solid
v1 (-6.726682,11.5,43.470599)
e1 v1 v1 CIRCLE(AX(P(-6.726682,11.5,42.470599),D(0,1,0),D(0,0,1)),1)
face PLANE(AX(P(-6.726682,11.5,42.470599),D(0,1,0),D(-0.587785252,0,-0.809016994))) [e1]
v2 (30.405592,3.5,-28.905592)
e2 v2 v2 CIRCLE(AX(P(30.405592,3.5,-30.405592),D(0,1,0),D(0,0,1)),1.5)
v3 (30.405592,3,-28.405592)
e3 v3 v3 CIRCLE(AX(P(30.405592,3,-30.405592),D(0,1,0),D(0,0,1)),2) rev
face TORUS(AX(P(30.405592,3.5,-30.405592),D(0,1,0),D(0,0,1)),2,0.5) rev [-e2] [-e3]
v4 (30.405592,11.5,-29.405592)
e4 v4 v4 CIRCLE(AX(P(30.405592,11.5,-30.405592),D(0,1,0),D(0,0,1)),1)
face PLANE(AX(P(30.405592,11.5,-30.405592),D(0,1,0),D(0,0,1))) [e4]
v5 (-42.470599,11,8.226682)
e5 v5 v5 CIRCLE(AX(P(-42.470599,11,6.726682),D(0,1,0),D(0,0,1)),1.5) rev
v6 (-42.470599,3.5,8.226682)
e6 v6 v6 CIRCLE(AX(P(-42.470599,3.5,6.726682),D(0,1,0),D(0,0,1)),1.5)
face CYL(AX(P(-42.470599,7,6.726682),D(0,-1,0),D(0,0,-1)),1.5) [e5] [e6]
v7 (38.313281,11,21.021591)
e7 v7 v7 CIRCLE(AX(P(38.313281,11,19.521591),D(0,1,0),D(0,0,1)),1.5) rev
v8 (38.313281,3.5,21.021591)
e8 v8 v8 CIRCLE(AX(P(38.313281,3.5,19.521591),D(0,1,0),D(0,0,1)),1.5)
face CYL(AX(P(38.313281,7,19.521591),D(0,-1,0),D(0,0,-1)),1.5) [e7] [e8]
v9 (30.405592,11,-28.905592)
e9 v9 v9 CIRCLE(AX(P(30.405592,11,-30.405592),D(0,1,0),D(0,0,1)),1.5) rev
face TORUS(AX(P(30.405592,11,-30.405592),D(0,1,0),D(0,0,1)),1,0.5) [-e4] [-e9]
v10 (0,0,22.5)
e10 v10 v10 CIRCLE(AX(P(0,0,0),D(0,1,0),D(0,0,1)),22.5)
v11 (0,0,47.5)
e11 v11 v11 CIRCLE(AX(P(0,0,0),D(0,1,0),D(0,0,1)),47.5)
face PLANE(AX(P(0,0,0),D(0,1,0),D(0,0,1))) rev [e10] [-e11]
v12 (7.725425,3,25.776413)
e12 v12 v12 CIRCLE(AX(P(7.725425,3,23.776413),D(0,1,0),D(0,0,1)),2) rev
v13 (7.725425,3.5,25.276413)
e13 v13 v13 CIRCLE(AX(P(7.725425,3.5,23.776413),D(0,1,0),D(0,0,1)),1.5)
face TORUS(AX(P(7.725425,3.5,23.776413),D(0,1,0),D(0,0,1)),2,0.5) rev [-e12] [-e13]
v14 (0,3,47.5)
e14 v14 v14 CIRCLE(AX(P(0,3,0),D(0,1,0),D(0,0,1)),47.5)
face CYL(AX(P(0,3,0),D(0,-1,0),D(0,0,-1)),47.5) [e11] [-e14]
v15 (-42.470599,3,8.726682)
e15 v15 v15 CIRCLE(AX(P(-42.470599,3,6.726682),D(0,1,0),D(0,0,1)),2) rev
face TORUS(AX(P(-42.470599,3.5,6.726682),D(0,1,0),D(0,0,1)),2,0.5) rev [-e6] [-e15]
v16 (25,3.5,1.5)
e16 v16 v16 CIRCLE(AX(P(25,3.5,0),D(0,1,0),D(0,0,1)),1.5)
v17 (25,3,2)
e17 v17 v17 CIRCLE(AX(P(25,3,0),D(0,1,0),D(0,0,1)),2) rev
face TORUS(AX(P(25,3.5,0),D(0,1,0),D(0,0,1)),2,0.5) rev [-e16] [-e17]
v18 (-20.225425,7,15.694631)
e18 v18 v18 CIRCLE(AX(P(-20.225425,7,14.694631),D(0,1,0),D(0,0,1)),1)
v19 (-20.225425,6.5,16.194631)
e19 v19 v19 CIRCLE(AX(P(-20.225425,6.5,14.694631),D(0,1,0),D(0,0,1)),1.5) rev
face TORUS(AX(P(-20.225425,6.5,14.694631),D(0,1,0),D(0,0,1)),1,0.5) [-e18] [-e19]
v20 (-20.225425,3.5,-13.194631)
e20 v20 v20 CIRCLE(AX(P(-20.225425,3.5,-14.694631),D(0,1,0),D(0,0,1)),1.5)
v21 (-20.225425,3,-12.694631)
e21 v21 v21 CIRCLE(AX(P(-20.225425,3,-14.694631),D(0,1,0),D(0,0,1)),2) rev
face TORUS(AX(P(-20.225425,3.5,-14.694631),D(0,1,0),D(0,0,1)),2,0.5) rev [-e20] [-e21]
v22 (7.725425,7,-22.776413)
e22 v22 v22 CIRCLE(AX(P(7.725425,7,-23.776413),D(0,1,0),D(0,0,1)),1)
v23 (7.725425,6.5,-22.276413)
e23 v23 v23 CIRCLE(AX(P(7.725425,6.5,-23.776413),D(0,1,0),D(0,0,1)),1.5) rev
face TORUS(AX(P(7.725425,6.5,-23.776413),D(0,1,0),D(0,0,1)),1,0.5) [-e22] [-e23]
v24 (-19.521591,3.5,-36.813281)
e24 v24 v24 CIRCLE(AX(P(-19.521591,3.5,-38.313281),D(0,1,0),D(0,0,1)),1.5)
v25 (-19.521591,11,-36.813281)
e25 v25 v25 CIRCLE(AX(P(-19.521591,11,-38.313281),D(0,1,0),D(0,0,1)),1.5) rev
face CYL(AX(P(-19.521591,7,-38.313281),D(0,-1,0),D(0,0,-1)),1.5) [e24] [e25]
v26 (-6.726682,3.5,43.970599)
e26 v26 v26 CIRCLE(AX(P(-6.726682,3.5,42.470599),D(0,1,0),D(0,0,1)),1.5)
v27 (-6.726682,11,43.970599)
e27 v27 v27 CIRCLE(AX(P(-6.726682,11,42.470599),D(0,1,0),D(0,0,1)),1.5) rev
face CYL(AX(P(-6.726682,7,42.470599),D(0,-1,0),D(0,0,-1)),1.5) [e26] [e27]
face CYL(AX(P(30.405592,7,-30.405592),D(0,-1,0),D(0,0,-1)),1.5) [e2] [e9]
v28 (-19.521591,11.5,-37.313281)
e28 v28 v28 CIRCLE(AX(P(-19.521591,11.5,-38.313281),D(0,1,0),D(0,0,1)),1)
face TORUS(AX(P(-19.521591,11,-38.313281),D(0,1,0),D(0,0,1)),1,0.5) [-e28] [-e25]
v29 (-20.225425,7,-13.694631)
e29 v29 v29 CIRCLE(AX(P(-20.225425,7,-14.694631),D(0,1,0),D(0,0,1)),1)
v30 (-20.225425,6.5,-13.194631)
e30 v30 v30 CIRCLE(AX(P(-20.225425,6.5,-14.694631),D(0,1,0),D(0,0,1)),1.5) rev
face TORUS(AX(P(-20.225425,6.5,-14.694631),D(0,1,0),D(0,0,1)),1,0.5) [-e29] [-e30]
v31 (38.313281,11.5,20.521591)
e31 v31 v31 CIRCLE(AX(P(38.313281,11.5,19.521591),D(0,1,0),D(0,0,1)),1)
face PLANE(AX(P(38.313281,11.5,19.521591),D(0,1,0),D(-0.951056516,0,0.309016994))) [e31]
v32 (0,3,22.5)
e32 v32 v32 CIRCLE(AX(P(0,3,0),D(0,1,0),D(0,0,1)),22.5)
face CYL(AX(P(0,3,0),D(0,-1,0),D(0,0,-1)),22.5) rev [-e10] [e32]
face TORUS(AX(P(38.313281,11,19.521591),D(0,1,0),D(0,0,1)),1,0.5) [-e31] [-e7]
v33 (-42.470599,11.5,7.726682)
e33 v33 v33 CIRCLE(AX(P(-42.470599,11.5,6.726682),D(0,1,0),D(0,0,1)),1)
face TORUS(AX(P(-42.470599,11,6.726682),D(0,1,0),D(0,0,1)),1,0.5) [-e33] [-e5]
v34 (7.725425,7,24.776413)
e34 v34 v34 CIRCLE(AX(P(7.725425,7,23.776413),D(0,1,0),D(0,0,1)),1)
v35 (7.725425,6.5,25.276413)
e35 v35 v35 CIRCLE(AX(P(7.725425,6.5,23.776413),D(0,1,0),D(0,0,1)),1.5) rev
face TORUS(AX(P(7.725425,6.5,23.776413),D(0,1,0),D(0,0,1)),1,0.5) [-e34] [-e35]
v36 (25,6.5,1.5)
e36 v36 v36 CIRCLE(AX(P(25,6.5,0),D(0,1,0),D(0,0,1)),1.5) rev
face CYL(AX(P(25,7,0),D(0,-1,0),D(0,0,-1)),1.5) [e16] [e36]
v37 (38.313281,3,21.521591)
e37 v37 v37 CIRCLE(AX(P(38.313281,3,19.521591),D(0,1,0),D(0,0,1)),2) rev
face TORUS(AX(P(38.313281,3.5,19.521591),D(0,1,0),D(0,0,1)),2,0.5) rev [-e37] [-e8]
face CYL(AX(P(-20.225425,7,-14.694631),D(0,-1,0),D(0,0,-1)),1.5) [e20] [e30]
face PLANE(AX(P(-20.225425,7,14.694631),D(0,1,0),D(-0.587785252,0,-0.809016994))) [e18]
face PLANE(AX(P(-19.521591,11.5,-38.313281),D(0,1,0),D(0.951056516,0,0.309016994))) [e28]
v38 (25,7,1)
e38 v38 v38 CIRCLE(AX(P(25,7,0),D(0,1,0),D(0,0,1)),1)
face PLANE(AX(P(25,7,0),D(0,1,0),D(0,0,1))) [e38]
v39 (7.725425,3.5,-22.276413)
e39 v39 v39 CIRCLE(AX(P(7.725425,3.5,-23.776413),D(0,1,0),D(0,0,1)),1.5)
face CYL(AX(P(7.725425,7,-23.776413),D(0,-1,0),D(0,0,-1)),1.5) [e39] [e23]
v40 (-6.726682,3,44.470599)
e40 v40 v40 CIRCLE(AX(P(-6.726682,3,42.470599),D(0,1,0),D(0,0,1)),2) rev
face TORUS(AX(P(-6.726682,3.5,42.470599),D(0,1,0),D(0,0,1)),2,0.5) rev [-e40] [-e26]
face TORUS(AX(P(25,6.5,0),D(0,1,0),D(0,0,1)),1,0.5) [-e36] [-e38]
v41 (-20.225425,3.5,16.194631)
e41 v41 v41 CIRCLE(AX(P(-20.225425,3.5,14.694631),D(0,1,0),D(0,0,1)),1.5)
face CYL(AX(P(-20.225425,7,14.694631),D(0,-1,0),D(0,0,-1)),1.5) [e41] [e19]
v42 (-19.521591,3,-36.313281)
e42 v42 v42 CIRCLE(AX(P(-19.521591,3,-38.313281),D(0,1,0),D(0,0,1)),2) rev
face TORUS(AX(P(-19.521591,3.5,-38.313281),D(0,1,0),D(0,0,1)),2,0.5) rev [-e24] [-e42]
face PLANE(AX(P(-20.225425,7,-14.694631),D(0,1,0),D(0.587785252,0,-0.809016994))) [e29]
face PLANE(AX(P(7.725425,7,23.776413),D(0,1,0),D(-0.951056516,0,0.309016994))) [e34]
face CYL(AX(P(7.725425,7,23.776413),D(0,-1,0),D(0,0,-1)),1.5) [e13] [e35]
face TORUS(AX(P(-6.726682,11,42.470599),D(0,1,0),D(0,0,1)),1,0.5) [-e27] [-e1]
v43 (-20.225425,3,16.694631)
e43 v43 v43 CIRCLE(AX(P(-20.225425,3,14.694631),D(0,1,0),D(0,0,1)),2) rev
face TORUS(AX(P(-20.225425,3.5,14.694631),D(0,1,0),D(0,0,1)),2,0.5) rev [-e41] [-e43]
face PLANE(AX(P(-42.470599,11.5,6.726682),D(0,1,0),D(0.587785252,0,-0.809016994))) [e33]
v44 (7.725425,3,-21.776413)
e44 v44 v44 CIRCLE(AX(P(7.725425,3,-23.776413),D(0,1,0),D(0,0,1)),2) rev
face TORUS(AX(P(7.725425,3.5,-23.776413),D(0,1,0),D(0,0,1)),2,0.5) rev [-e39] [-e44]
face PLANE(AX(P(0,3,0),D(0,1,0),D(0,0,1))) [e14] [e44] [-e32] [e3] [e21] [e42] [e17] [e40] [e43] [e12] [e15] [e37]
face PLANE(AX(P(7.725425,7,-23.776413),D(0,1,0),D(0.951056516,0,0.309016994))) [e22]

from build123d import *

# Parameters (mm, degrees)
SKETCH1_R                = 47.5
SKETCH1_R_2              = 22.5
BOSS_EXTRUDE1_DEPTH      = 3
SKETCH2_R                = 1.5
BOSS_EXTRUDE2_DEPTH      = 4
FILLET1_R                = 0.5
SKETCH3_R                = 1.5
BOSS_EXTRUDE3_DEPTH      = 4.5
FILLET2_R                = 0.5
CIRPATTERN1_COUNT        = 5
FILLET1_OF_CIRPATTERN1_R = 0.5
FILLET2_OF_CIRPATTERN1_R = 0.5


with BuildPart() as part:
    # Sketch1 → Boss-Extrude1 (new body)
    with BuildSketch(Plane(origin=(0, 0, 0), x_dir=(1, 0, 0), z_dir=(0, 1, 0))):
        Circle(SKETCH1_R)
        Circle(SKETCH1_R_2, mode=Mode.SUBTRACT)
    extrude(amount=BOSS_EXTRUDE1_DEPTH)

    # Sketch2 → Boss-Extrude2 (add)
    with BuildSketch(Plane(origin=(0, 3, 0), x_dir=(1, 0, 0), z_dir=(0, 1, 0))):
        with Locations((25, 0)):
            Circle(SKETCH2_R)
        with Locations((30.405591591, 30.405591591)):
            Circle(SKETCH2_R)
    boss_extrude2 = extrude(amount=BOSS_EXTRUDE2_DEPTH)

    # Fillet1
    fillet1_edges = [part.edges().sort_by_distance(p)[0] for p in [
        (23.5, 3, 0),
        (23.5, 7, 0),
        (28.905591591, 3, -30.405591591),
    ]]
    fillet(fillet1_edges, radius=FILLET1_R)

    # Sketch3 → Boss-Extrude3 (add)
    with BuildSketch(Plane(origin=(0, 7, 0), x_dir=(1, 0, 0), z_dir=(0, 1, 0))):
        with Locations((30.405591591, 30.405591591)):
            Circle(SKETCH3_R)
    boss_extrude3 = extrude(amount=BOSS_EXTRUDE3_DEPTH)

    # Fillet2
    fillet2_edges = [part.edges().sort_by_distance(p)[0] for p in [
        (28.905591591, 11.5, -30.405591591),
    ]]
    fillet(fillet2_edges, radius=FILLET2_R)

    # CirPattern1: Boss-Extrude2, Boss-Extrude3 ×5 about axis
    cirpattern1_axis = Axis((0, 0, 0), (0, 1, 0))
    for i in range(1, CIRPATTERN1_COUNT):
        add(boss_extrude2.rotate(cirpattern1_axis, i * 360 / CIRPATTERN1_COUNT))
        add(boss_extrude3.rotate(cirpattern1_axis, i * 360 / CIRPATTERN1_COUNT))

    # Fillet1 of CirPattern1
    fillet1_of_cirpattern1_edges = [part.edges().sort_by_distance(p)[0] for p in [
        (7.261899368, 3, -22.349828133),
        (7.261899368, 7, -22.349828133),
        (-19.98511698, 3, -36.886695766),
        (-19.011899368, 3, -13.812953429),
        (-19.011899368, 7, -13.812953429),
        (-41.257073154, 3, 7.608359875),
        (-19.011899368, 3, 13.812953429),
        (-19.011899368, 7, 13.812953429),
        (-5.513156505, 3, 41.588920767),
        (7.261899368, 3, 22.349828133),
        (7.261899368, 7, 22.349828133),
        (37.849755049, 3, 18.095006714),
    ]]
    fillet(fillet1_of_cirpattern1_edges, radius=FILLET1_OF_CIRPATTERN1_R)

    # Fillet2 of CirPattern1
    fillet2_of_cirpattern1_edges = [part.edges().sort_by_distance(p)[0] for p in [
        (-19.98511698, 11.5, -36.886695766),
        (-41.257073154, 11.5, 7.608359875),
        (-5.513156505, 11.5, 41.588920767),
        (37.849755049, 11.5, 18.095006714),
    ]]
    fillet(fillet2_of_cirpattern1_edges, radius=FILLET2_OF_CIRPATTERN1_R)


solid = part.part
